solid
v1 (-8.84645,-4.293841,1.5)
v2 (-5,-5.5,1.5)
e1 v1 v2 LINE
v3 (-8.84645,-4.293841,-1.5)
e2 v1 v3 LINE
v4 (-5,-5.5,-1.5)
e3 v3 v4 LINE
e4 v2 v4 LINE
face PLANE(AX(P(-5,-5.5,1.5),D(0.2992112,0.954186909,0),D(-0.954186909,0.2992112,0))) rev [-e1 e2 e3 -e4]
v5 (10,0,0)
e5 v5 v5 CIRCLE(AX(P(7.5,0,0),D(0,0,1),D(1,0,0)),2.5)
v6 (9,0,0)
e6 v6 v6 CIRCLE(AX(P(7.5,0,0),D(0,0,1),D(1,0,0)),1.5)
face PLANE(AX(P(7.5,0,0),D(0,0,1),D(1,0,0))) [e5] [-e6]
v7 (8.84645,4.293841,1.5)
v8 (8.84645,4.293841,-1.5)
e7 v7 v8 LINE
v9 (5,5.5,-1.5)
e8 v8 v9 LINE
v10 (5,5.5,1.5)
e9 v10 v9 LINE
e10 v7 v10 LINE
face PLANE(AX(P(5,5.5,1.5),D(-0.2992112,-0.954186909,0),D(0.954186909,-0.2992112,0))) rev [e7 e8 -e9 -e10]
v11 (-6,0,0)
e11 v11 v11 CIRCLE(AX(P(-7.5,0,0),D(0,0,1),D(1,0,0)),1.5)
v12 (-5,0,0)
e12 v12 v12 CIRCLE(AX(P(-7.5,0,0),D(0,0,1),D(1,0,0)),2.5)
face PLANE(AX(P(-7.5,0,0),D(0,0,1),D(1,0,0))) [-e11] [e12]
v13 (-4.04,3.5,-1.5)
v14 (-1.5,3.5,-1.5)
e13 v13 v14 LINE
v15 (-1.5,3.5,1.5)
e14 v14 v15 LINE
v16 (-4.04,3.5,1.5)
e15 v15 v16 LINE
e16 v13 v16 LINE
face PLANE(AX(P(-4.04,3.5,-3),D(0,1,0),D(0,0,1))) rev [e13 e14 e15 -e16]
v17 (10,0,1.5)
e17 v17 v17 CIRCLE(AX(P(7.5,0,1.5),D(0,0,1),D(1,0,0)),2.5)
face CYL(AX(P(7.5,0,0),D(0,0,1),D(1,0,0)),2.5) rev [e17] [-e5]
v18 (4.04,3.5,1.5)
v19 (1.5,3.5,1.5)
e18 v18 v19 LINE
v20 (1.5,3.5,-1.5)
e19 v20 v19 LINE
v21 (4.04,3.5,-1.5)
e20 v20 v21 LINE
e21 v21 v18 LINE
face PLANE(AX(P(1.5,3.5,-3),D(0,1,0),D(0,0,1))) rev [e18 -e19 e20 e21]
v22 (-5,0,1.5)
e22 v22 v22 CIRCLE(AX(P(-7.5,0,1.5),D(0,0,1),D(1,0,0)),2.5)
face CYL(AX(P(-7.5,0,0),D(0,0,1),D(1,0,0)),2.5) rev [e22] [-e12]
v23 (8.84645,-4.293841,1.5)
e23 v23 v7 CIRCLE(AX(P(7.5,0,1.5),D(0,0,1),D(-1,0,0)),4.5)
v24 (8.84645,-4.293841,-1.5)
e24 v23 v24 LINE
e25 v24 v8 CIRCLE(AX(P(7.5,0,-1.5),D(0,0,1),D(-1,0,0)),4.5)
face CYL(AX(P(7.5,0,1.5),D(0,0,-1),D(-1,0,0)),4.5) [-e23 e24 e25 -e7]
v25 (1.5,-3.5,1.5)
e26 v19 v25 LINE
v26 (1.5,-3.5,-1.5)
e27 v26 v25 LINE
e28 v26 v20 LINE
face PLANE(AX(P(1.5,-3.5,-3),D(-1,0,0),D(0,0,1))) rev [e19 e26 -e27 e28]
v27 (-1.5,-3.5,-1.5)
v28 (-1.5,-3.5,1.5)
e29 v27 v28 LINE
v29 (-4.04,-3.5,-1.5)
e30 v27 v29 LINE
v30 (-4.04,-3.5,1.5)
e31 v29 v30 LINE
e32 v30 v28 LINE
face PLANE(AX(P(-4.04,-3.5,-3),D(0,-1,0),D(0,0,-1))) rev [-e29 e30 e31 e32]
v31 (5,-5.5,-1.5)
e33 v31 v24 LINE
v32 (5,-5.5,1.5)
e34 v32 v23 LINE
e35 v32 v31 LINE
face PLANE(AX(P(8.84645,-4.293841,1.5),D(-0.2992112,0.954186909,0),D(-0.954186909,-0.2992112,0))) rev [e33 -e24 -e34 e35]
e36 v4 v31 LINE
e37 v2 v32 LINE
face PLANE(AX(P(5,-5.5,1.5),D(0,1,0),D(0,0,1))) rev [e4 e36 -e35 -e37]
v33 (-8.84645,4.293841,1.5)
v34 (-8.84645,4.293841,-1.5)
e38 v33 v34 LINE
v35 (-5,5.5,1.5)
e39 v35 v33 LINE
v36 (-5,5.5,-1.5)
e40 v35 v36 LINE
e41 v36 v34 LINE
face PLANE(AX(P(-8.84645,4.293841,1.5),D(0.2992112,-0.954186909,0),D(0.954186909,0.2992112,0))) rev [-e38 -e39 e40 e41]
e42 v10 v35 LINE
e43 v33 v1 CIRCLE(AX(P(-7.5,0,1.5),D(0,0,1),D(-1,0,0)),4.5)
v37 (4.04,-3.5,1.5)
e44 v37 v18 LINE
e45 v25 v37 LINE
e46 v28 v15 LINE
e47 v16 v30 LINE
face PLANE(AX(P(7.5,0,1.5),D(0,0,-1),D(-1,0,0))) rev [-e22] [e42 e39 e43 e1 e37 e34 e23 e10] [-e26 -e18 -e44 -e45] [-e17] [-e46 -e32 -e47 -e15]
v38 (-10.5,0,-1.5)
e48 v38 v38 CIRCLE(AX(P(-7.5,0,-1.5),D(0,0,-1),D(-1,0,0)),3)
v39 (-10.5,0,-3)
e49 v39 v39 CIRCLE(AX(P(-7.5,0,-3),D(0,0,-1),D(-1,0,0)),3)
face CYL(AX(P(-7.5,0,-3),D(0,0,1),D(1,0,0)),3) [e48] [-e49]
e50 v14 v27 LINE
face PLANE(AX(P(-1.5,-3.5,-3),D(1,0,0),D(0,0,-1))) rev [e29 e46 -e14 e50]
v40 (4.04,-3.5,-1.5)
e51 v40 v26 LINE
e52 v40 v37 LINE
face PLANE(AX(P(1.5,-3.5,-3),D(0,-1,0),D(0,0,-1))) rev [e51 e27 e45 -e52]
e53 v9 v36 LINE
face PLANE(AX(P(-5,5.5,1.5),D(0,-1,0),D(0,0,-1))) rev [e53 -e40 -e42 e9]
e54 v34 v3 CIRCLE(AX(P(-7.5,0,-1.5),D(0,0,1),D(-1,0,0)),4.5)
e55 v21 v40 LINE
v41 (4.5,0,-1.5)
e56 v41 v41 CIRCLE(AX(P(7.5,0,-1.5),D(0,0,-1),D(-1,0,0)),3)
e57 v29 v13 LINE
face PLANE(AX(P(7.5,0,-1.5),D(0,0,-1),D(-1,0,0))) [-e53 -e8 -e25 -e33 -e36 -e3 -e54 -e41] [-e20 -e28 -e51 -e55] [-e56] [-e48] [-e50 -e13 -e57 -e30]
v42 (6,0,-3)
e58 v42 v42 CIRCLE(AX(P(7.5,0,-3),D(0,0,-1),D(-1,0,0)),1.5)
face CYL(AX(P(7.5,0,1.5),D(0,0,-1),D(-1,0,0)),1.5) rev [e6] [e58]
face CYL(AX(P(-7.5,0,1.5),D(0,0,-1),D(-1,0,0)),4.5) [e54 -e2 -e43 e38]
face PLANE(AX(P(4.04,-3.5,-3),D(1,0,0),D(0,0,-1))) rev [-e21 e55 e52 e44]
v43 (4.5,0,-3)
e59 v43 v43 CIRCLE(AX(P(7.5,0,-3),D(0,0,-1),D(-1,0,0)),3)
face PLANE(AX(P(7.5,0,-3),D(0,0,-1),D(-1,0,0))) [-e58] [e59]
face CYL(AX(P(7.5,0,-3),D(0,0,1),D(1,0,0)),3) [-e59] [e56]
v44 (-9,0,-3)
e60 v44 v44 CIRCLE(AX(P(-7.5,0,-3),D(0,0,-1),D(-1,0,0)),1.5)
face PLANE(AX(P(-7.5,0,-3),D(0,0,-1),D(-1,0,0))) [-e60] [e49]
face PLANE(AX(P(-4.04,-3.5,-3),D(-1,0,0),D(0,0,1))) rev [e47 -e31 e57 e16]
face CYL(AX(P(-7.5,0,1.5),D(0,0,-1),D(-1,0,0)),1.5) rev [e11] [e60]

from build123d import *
from build123d.topology import SkipClean

# Parameters (mm, degrees)
SKETCH1_R           = 1.5
BOSS_EXTRUDE1_DEPTH = 1.5
BOSS_EXTRUDE2_START = 1.5
SKETCH2_R           = 3
SKETCH2_R_2         = 1.5
BOSS_EXTRUDE2_DEPTH = 1.5
SKETCH3_R           = 2.5
CUT_EXTRUDE1_DEPTH  = 1.5
SKETCH4_W           = 2.54
SKETCH4_H           = 7
CUT_EXTRUDE2_DEPTH  = 14.946325681


with BuildPart() as part:
    # Sketch1 → Boss-Extrude1 (new, symmetric)
    with BuildSketch(Plane.XY):
        with BuildLine():
            Line((-5, 5.5), (5, 5.5))
            Line((5, 5.5), (8.846450401, 4.293841091))
            ThreePointArc((8.846450401, 4.293841091), (12, 0), (8.846450401, -4.293841091))
            Line((8.846450401, -4.293841091), (5, -5.5))
            Line((5, -5.5), (-5, -5.5))
            Line((-5, -5.5), (-8.846450401, -4.293841091))
            ThreePointArc((-8.846450401, -4.293841091), (-12, 0), (-8.846450401, 4.293841091))
            Line((-8.846450401, 4.293841091), (-5, 5.5))
        make_face()
        with Locations((-7.5, 0)):
            Circle(SKETCH1_R, mode=Mode.SUBTRACT)
        with Locations((7.5, 0)):
            Circle(SKETCH1_R, mode=Mode.SUBTRACT)
    extrude(amount=BOSS_EXTRUDE1_DEPTH, both=True)

    # Sketch2 → Boss-Extrude2 (add)
    # profile 1 of 2: a face of its own
    with SkipClean():  # the faces are left unmerged after this step: merging them gives an invalid solid
        with BuildSketch(Plane(origin=(0, 0, -1.5), x_dir=(-1, 0, 0), z_dir=(0, 0, -1)).offset(BOSS_EXTRUDE2_START)):
            with Locations((-7.5, 0)):
                Circle(SKETCH2_R)
            with Locations((-7.5, 0)):
                Circle(SKETCH2_R_2, mode=Mode.SUBTRACT)
        # profile 2 of 2: a face of its own
        with BuildSketch(Plane(origin=(0, 0, -1.5), x_dir=(-1, 0, 0), z_dir=(0, 0, -1)).offset(BOSS_EXTRUDE2_START)):
            with Locations((7.5, 0)):
                Circle(SKETCH2_R)
            with Locations((7.5, 0)):
                Circle(SKETCH2_R_2, mode=Mode.SUBTRACT)
        extrude(amount=-BOSS_EXTRUDE2_DEPTH)

    # Sketch3 → Cut-Extrude1 (cut)
    with BuildSketch(Plane.XY.offset(1.5)):
        with Locations((-7.5, 0)):
            Circle(SKETCH3_R)
        with Locations((7.5, 0)):
            Circle(SKETCH3_R)
    extrude(amount=-CUT_EXTRUDE1_DEPTH, mode=Mode.SUBTRACT)

    # Sketch4 → Cut-Extrude2 (cut, through all)
    with BuildSketch(Plane.XY.offset(1.5)):
        with Locations((-2.77, 0)):
            Rectangle(SKETCH4_W, SKETCH4_H)
        with Locations((2.77, 0)):
            Rectangle(SKETCH4_W, SKETCH4_H)
    extrude(amount=-CUT_EXTRUDE2_DEPTH, mode=Mode.SUBTRACT)


solid = part.part
